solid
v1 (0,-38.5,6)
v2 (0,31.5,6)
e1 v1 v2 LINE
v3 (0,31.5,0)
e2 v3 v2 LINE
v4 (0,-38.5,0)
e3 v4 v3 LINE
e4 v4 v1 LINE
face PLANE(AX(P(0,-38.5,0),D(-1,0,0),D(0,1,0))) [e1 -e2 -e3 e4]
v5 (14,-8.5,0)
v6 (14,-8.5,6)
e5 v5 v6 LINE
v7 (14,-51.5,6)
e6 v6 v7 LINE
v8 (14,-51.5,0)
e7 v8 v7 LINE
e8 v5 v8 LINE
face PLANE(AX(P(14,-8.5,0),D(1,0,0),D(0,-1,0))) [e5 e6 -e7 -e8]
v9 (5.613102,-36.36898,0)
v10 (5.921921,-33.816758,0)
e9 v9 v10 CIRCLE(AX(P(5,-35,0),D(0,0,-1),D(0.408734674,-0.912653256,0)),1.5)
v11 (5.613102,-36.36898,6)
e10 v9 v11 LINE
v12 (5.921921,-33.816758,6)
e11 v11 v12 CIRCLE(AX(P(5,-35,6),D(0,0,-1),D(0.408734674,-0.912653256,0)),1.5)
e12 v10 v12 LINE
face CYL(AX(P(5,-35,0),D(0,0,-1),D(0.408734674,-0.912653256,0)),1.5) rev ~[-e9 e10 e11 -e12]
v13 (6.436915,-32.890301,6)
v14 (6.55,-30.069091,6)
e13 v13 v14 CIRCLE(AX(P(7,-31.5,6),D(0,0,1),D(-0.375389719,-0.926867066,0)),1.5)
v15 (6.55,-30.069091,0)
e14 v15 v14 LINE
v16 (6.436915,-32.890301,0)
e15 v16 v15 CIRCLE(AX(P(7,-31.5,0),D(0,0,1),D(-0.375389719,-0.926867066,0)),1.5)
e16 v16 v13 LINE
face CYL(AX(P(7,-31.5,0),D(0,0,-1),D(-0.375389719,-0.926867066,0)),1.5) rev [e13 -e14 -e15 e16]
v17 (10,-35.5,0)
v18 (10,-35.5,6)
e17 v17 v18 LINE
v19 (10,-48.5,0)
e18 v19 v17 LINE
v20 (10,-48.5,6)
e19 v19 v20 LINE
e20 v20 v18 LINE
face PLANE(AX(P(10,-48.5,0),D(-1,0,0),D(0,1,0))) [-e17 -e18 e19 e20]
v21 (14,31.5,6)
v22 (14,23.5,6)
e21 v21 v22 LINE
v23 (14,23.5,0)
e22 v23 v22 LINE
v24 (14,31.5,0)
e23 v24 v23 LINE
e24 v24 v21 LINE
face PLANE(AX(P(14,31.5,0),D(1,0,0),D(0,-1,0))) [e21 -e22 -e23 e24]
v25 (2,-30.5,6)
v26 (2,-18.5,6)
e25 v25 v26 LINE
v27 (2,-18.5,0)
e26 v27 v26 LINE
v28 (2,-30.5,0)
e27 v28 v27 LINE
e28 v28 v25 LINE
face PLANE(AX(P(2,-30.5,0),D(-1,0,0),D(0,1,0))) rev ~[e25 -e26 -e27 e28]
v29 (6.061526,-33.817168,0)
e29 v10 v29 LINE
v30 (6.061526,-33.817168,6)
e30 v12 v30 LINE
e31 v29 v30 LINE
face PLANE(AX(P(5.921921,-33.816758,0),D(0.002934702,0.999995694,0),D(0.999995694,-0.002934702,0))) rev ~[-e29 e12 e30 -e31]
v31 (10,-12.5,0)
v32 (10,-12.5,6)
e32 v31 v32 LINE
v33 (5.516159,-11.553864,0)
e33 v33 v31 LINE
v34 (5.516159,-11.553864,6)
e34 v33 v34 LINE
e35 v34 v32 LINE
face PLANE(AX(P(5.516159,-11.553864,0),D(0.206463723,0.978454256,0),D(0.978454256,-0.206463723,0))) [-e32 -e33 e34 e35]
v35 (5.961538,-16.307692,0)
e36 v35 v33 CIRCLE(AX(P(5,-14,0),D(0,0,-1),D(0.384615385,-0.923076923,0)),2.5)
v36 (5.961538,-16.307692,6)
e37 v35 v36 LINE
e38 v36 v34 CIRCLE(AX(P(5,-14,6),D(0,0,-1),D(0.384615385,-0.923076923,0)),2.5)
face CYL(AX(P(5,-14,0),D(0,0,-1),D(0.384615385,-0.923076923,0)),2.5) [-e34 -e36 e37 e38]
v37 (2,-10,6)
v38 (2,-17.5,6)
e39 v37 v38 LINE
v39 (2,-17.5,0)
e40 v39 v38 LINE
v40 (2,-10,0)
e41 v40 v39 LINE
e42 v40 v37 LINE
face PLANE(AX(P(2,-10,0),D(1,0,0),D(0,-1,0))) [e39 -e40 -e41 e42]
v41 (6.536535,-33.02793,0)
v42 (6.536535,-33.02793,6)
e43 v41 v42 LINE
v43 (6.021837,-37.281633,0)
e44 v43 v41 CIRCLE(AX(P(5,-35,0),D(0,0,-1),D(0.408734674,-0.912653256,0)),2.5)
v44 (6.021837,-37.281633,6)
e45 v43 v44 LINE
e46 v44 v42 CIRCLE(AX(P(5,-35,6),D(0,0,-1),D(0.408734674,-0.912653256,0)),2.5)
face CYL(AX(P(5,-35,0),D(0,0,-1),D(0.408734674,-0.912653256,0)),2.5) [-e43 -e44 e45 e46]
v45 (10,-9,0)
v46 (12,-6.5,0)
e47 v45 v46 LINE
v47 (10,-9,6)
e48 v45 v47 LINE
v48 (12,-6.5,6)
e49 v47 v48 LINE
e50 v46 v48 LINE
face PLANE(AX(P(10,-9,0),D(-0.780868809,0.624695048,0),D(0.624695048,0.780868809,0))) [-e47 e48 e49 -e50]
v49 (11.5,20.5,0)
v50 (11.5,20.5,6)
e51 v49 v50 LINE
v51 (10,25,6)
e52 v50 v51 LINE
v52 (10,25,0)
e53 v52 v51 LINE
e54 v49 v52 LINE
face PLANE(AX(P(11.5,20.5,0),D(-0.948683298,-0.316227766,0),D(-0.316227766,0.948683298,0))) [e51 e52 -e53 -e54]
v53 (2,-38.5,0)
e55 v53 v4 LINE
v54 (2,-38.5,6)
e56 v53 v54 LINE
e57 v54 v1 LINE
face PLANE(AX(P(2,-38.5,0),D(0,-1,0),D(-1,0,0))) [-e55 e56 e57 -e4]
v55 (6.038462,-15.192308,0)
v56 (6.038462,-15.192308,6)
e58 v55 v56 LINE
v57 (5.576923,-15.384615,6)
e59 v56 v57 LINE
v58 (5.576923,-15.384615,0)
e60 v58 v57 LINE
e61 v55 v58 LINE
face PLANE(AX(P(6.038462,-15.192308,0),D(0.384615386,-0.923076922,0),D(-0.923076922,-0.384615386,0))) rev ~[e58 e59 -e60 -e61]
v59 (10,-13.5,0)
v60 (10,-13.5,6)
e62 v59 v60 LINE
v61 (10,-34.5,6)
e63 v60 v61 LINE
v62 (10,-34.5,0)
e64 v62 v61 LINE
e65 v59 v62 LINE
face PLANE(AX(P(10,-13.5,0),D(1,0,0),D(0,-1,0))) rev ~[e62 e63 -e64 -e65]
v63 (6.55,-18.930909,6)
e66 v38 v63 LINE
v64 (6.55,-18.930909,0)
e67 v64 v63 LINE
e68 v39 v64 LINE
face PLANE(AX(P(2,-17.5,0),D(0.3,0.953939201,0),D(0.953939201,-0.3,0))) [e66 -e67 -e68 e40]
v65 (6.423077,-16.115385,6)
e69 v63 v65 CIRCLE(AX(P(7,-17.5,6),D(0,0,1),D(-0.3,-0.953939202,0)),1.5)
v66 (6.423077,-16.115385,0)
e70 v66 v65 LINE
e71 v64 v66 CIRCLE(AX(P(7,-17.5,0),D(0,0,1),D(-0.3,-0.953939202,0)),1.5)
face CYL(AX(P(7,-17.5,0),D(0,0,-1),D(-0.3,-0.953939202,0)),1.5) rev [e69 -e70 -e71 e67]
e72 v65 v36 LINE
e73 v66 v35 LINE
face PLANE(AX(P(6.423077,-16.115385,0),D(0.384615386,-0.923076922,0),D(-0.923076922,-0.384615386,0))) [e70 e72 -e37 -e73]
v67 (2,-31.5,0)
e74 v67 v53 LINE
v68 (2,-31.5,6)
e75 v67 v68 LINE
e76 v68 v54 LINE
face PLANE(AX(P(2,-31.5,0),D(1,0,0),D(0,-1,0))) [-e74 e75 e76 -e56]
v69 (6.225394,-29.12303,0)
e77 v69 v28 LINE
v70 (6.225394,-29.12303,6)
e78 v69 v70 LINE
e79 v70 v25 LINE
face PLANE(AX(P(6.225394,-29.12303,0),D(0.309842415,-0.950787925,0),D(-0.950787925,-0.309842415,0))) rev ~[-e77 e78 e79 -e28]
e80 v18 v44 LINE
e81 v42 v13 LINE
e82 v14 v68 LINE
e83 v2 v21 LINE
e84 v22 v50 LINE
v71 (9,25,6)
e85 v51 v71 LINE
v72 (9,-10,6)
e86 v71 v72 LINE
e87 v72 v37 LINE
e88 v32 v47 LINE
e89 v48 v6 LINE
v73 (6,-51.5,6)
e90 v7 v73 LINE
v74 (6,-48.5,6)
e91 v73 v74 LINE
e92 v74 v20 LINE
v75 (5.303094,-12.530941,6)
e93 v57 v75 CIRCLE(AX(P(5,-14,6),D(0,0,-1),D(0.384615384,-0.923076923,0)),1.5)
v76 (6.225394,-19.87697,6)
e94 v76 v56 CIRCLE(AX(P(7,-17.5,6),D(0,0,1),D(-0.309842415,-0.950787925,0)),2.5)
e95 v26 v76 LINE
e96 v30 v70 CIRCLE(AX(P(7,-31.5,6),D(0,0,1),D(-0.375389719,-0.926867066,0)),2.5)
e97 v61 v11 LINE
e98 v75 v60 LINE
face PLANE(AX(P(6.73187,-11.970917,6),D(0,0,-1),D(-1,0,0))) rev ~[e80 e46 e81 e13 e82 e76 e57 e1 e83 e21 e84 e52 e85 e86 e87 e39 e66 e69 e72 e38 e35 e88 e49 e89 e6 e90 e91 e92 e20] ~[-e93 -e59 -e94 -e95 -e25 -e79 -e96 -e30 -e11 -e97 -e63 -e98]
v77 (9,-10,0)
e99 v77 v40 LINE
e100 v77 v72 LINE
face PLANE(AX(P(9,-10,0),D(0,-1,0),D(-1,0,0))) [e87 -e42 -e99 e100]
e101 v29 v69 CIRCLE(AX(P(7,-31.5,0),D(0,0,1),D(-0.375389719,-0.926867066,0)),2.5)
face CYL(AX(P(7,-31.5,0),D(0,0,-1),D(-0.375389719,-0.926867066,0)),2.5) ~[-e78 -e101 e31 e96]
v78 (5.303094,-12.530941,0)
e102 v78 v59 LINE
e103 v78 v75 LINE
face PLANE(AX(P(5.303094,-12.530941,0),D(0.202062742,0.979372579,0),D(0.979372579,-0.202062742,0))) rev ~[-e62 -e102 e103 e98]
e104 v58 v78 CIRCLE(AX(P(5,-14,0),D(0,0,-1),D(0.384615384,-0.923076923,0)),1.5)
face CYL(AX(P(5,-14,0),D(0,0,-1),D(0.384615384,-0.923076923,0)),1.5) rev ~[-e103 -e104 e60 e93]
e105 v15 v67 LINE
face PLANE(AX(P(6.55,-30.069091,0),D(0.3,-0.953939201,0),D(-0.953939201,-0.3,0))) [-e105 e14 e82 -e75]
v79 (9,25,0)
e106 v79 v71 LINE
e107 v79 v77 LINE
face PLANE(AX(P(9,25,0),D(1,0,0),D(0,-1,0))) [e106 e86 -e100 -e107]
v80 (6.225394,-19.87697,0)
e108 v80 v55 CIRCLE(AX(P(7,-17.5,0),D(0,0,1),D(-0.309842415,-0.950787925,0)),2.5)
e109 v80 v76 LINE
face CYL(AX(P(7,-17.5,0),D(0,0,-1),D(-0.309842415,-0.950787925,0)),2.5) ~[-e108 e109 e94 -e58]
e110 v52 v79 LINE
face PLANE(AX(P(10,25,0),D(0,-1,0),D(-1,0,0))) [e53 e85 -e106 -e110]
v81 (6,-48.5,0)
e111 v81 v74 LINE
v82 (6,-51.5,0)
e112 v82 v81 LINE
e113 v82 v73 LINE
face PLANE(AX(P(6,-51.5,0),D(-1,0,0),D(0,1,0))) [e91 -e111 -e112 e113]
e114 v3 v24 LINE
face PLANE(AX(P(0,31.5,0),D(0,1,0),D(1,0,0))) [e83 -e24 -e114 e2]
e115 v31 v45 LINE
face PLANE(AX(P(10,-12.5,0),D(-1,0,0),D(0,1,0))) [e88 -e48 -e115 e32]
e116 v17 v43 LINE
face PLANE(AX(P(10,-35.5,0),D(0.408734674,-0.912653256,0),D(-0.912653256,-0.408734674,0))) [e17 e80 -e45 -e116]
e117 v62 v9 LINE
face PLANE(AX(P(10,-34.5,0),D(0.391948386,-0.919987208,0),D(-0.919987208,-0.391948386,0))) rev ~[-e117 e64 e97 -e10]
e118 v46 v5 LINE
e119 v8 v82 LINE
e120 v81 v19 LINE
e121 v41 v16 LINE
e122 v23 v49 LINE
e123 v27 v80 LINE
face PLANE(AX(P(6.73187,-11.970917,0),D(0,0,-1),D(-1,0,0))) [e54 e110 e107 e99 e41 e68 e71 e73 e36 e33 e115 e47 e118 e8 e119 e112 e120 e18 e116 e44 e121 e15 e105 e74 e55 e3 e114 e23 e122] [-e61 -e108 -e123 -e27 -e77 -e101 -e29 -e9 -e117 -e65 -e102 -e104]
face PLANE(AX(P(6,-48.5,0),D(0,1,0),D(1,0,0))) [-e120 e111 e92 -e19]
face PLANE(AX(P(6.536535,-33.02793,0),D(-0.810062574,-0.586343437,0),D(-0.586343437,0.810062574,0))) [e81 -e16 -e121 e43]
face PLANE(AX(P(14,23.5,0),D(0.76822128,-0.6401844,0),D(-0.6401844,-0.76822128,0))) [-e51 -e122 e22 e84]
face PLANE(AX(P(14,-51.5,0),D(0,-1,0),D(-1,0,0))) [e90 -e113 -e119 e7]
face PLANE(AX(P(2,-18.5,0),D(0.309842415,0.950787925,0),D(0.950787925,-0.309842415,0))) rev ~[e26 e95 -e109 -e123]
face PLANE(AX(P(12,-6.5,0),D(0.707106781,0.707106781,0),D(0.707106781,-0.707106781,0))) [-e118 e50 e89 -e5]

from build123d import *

# Parameters (mm, degrees)
BOSS_EXTRUDE4_DEPTH = 6


with BuildPart() as part:
    # Sketch5 → Boss-Extrude4 (new body)
    with BuildSketch(Plane.XY):
        with BuildLine():
            Line((0, 31.5), (14, 31.5))
            Line((14, 31.5), (14, 23.5))
            Line((14, 23.5), (11.5, 20.5))
            Line((11.5, 20.5), (10, 25))
            Line((10, 25), (9, 25))
            Line((9, 25), (9, -10))
            Line((9, -10), (2, -10))
            Line((2, -10), (2, -17.5))
            Line((2, -17.5), (6.55, -18.930908802))
            ThreePointArc((6.55, -18.930908802), (8.498478182, -17.432449005), (6.423076923, -16.115384615))
            Line((6.423076923, -16.115384615), (5.961538462, -16.307692308))
            ThreePointArc((5.961538462, -16.307692308), (2.51090022, -14.2332001), (5.516159308, -11.55386436))
            Line((5.516159308, -11.55386436), (10, -12.5))
            Line((10, -12.5), (10, -9))
            Line((10, -9), (12, -6.5))
            Line((12, -6.5), (14, -8.5))
            Line((14, -8.5), (14, -51.5))
            Line((14, -51.5), (6, -51.5))
            Line((6, -51.5), (6, -48.5))
            Line((6, -48.5), (10, -48.5))
            Line((10, -48.5), (10, -35.5))
            Line((10, -35.5), (6.021836686, -37.28163314))
            ThreePointArc((6.021836686, -37.28163314), (2.518102723, -34.699690318), (6.536534963, -33.027929944))
            Line((6.536534963, -33.027929944), (6.436915421, -32.8903006))
            ThreePointArc((6.436915421, -32.8903006), (8.498796421, -31.560077342), (6.55, -30.069091198))
            Line((6.55, -30.069091198), (2, -31.5))
            Line((2, -31.5), (2, -38.5))
            Line((2, -38.5), (0, -38.5))
            Line((0, -38.5), (0, 31.5))
        make_face()
        with BuildLine():
            Line((10, -13.5), (10, -34.5))
            Line((10, -34.5), (5.613102012, -36.368979884))
            ThreePointArc((5.613102012, -36.368979884), (3.510861634, -34.819814191), (5.921920978, -33.816757966))
            Line((5.921920978, -33.816757966), (6.061525702, -33.817167666))
            ThreePointArc((6.061525702, -33.817167666), (9.498478082, -31.587219699), (6.225393962, -29.123030188))
            Line((6.225393962, -29.123030188), (2, -30.5))
            Line((2, -30.5), (2, -18.5))
            Line((2, -18.5), (6.225393962, -19.876969812))
            ThreePointArc((6.225393962, -19.876969812), (9.498012054, -17.400321638), (6.038461538, -15.192307692))
            Line((6.038461538, -15.192307692), (5.576923077, -15.384615385))
            ThreePointArc((5.576923077, -15.384615385), (3.50685843, -14.143276833), (5.303094113, -12.530941132))
            Line((5.303094113, -12.530941132), (10, -13.5))
        make_face(mode=Mode.SUBTRACT)
    extrude(amount=BOSS_EXTRUDE4_DEPTH)


solid = part.part
